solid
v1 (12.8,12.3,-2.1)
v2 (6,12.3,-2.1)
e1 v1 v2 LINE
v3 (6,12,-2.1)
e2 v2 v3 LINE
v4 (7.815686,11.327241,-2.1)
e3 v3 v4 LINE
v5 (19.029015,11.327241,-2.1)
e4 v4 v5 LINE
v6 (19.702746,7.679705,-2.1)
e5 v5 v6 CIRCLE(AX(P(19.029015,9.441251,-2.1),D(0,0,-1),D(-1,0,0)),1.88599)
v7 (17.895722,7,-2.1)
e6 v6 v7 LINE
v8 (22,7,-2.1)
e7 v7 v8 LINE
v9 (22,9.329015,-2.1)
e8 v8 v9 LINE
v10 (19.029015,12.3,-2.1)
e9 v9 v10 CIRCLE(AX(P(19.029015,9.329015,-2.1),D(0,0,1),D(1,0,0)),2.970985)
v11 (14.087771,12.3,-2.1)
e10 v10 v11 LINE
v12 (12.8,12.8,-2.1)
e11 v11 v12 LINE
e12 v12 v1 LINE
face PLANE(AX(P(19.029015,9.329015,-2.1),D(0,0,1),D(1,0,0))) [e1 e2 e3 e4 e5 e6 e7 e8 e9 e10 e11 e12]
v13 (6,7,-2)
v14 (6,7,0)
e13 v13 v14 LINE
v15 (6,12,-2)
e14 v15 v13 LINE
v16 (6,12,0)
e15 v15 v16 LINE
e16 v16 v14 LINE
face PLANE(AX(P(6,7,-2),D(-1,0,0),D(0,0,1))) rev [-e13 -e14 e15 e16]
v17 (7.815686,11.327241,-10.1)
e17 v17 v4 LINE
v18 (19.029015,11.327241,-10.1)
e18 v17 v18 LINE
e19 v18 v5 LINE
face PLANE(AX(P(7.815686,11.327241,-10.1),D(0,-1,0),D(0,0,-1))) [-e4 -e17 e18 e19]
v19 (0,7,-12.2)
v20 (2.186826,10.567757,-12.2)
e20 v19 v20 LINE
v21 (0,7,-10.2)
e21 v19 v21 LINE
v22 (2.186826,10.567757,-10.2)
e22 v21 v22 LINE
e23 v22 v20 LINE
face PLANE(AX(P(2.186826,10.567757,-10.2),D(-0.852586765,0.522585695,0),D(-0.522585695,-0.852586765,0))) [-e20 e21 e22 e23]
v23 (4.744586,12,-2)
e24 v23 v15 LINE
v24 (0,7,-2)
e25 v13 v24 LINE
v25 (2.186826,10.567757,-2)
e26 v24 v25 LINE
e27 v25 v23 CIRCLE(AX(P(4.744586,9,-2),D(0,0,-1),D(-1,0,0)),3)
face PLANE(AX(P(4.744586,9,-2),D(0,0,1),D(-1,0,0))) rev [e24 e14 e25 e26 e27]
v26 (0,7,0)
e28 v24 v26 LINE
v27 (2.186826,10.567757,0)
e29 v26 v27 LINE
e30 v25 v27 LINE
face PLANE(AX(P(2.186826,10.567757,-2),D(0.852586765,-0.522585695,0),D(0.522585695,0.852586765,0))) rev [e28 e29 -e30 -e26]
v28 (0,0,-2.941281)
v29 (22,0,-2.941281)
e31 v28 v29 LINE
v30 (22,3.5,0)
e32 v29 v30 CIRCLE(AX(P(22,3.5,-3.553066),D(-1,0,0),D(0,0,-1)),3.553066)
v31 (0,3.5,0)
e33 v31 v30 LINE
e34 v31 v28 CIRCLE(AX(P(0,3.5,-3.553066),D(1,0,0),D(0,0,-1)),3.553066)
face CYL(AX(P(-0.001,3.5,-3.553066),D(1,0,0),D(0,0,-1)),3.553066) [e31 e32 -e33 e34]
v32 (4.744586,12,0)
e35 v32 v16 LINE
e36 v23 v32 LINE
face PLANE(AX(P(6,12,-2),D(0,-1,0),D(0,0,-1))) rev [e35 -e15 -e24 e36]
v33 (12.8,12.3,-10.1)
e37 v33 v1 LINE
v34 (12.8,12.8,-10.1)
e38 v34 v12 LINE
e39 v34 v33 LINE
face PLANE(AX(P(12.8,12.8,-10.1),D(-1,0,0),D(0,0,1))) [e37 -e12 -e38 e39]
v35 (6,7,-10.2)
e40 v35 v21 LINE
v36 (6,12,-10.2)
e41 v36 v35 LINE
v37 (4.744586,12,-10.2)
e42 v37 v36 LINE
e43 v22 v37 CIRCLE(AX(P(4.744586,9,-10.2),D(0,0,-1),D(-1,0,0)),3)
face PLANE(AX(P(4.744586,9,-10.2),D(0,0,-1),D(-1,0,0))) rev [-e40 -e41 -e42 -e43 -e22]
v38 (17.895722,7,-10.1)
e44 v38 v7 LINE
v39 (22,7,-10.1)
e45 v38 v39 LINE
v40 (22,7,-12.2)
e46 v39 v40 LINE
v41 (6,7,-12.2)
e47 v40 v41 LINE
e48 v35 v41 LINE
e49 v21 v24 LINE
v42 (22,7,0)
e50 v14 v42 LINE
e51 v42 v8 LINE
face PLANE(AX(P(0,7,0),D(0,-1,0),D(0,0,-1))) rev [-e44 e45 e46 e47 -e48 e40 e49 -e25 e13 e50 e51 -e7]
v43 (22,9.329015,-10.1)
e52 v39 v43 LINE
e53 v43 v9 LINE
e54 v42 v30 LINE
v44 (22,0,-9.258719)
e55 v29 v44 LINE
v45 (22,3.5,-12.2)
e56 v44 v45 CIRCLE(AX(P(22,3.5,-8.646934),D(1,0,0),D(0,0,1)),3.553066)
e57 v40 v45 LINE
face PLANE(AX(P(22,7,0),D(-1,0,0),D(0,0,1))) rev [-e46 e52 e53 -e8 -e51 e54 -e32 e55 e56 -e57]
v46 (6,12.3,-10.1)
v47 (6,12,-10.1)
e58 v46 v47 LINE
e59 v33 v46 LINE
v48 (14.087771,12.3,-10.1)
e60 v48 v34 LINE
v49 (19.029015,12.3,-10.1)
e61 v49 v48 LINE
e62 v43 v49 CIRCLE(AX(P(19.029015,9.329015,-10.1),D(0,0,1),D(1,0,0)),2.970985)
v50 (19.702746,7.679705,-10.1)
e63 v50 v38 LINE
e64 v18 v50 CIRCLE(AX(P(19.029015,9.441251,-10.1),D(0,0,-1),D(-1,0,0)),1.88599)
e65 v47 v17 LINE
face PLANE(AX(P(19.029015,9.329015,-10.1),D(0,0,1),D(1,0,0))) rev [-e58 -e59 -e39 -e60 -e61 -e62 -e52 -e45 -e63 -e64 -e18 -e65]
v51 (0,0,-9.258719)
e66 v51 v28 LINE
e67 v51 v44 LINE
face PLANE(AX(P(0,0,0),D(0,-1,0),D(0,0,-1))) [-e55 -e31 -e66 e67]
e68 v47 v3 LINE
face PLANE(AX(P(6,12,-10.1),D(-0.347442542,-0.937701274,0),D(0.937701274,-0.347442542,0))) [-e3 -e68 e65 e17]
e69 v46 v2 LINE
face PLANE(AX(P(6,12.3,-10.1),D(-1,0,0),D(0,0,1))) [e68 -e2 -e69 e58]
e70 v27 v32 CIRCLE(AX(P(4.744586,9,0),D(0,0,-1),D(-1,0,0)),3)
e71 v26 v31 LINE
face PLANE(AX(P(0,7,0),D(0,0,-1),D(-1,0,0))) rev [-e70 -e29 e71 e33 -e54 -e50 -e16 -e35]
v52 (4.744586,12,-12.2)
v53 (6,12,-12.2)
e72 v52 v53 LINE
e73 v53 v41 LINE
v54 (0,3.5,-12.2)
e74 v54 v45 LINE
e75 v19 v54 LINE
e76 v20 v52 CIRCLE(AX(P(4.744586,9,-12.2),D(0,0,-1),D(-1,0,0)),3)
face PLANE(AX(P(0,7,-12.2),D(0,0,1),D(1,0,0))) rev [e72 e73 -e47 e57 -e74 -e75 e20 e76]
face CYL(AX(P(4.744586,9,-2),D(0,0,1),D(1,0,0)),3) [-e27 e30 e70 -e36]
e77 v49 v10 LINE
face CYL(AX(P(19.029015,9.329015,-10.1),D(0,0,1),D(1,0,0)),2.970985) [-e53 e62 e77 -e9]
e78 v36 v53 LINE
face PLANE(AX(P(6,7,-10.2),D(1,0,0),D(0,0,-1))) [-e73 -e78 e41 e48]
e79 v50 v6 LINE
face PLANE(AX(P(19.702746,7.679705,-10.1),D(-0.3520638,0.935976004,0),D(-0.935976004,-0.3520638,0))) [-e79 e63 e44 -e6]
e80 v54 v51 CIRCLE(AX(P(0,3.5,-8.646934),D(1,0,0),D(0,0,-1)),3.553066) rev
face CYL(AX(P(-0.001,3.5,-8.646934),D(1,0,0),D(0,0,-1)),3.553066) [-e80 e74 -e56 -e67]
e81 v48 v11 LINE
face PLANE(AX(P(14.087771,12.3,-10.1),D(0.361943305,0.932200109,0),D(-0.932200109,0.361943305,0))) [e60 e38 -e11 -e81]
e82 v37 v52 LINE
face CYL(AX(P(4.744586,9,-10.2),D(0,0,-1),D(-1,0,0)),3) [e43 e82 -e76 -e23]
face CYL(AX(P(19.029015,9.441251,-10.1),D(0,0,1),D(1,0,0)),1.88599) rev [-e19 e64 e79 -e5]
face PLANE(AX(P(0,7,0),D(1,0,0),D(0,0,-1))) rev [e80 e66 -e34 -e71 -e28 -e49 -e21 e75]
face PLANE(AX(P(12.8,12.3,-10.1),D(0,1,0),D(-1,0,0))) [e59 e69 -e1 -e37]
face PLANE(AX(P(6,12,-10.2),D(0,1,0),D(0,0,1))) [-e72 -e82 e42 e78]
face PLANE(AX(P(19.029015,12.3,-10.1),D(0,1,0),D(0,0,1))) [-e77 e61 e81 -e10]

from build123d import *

# Parameters (mm, degrees)
SKETCH1_W                = 22
SKETCH1_H                = 12.2
BOSS_EXTRUDE1_DEPTH      = 7
CUT_EXTRUDE2_REACH       = 28.112
BOSS_EXTRUDE2_DEPTH      = 2
BOSS_EXTRUDE3_DEPTH      = 4
BOSS_EXTRUDE3_DEPTH_BACK = 4


with BuildPart() as part:
    # Sketch1 → Boss-Extrude1 (new body)
    with BuildSketch(Plane(origin=(0, 0, 0), x_dir=(1, 0, 0), z_dir=(0, 1, 0))):
        with Locations((11, 6.1)):
            Rectangle(SKETCH1_W, SKETCH1_H)
    extrude(amount=BOSS_EXTRUDE1_DEPTH)

    # Sketch2 → Cut-Extrude2 (cut, up to next)
    with BuildSketch(Plane(origin=(22, 0, 0), x_dir=(0, 0, -1), z_dir=(1, 0, 0)), mode=Mode.PRIVATE) as cut_extrude2_sk1:
        with BuildLine():
            Line((0, 3.5), (0, 0))
            Line((0, 0), (2.94128103, 0))
            ThreePointArc((2.94128103, 0), (0.832956575, 1.214112093), (0, 3.5))
        make_face()
    cut_extrude2_tool1 = extrude(cut_extrude2_sk1.sketch, amount=-CUT_EXTRUDE2_REACH, mode=Mode.PRIVATE) & part.part
    cut_extrude2 = cut_extrude2_tool1.solids().sort_by_distance((22, 0.790971, -0.742315))[0]
    add(cut_extrude2, mode=Mode.SUBTRACT)

    # Sketch3 → Boss-Extrude2 (add)
    with BuildSketch(Plane(origin=(0, 0, -12.2), x_dir=(-1, 0, 0), z_dir=(0, 0, -1))):
        with BuildLine():
            Line((0, 7), (-6, 7))
            Line((-6, 7), (-6, 12))
            Line((-6, 12), (-4.74458619, 12))
            ThreePointArc((-4.74458619, 12), (-3.278856211, 11.617562918), (-2.186825896, 10.567757085))
            Line((-2.186825896, 10.567757085), (0, 7))
        make_face()
    boss_extrude2 = extrude(amount=-BOSS_EXTRUDE2_DEPTH)

    # Mirror1: Cut-Extrude2, Boss-Extrude2 across plane
    add(cut_extrude2.mirror(Plane.XY.offset(-6.1)), mode=Mode.SUBTRACT)
    add(boss_extrude2.mirror(Plane.XY.offset(-6.1)))

    # Sketch4 → Boss-Extrude3 (add, two sides: drawn at the far end of the back side and taken through both)
    with BuildSketch(Plane.XY.offset(-6.1).offset(-BOSS_EXTRUDE3_DEPTH_BACK)):
        with BuildLine():
            Line((17.895721593, 7), (22, 7))
            Line((22, 7), (22, 9.329014645))
            ThreePointArc((22, 9.329014645), (21.129818536, 11.429818536), (19.029014645, 12.3))
            Line((19.029014645, 12.3), (14.087770897, 12.3))
            Line((14.087770897, 12.3), (12.8, 12.8))
            Line((12.8, 12.8), (12.8, 12.3))
            Line((12.8, 12.3), (6, 12.3))
            Line((6, 12.3), (6, 12))
            Line((6, 12), (7.815685998, 11.327241441))
            Line((7.815685998, 11.327241441), (19.029014645, 11.327241441))
            ThreePointArc((19.029014645, 11.327241441), (20.883632789, 9.783815259), (19.702745838, 7.679705271))
            Line((19.702745838, 7.679705271), (17.895721593, 7))
        make_face()
    extrude(amount=BOSS_EXTRUDE3_DEPTH + BOSS_EXTRUDE3_DEPTH_BACK)


solid = part.part
